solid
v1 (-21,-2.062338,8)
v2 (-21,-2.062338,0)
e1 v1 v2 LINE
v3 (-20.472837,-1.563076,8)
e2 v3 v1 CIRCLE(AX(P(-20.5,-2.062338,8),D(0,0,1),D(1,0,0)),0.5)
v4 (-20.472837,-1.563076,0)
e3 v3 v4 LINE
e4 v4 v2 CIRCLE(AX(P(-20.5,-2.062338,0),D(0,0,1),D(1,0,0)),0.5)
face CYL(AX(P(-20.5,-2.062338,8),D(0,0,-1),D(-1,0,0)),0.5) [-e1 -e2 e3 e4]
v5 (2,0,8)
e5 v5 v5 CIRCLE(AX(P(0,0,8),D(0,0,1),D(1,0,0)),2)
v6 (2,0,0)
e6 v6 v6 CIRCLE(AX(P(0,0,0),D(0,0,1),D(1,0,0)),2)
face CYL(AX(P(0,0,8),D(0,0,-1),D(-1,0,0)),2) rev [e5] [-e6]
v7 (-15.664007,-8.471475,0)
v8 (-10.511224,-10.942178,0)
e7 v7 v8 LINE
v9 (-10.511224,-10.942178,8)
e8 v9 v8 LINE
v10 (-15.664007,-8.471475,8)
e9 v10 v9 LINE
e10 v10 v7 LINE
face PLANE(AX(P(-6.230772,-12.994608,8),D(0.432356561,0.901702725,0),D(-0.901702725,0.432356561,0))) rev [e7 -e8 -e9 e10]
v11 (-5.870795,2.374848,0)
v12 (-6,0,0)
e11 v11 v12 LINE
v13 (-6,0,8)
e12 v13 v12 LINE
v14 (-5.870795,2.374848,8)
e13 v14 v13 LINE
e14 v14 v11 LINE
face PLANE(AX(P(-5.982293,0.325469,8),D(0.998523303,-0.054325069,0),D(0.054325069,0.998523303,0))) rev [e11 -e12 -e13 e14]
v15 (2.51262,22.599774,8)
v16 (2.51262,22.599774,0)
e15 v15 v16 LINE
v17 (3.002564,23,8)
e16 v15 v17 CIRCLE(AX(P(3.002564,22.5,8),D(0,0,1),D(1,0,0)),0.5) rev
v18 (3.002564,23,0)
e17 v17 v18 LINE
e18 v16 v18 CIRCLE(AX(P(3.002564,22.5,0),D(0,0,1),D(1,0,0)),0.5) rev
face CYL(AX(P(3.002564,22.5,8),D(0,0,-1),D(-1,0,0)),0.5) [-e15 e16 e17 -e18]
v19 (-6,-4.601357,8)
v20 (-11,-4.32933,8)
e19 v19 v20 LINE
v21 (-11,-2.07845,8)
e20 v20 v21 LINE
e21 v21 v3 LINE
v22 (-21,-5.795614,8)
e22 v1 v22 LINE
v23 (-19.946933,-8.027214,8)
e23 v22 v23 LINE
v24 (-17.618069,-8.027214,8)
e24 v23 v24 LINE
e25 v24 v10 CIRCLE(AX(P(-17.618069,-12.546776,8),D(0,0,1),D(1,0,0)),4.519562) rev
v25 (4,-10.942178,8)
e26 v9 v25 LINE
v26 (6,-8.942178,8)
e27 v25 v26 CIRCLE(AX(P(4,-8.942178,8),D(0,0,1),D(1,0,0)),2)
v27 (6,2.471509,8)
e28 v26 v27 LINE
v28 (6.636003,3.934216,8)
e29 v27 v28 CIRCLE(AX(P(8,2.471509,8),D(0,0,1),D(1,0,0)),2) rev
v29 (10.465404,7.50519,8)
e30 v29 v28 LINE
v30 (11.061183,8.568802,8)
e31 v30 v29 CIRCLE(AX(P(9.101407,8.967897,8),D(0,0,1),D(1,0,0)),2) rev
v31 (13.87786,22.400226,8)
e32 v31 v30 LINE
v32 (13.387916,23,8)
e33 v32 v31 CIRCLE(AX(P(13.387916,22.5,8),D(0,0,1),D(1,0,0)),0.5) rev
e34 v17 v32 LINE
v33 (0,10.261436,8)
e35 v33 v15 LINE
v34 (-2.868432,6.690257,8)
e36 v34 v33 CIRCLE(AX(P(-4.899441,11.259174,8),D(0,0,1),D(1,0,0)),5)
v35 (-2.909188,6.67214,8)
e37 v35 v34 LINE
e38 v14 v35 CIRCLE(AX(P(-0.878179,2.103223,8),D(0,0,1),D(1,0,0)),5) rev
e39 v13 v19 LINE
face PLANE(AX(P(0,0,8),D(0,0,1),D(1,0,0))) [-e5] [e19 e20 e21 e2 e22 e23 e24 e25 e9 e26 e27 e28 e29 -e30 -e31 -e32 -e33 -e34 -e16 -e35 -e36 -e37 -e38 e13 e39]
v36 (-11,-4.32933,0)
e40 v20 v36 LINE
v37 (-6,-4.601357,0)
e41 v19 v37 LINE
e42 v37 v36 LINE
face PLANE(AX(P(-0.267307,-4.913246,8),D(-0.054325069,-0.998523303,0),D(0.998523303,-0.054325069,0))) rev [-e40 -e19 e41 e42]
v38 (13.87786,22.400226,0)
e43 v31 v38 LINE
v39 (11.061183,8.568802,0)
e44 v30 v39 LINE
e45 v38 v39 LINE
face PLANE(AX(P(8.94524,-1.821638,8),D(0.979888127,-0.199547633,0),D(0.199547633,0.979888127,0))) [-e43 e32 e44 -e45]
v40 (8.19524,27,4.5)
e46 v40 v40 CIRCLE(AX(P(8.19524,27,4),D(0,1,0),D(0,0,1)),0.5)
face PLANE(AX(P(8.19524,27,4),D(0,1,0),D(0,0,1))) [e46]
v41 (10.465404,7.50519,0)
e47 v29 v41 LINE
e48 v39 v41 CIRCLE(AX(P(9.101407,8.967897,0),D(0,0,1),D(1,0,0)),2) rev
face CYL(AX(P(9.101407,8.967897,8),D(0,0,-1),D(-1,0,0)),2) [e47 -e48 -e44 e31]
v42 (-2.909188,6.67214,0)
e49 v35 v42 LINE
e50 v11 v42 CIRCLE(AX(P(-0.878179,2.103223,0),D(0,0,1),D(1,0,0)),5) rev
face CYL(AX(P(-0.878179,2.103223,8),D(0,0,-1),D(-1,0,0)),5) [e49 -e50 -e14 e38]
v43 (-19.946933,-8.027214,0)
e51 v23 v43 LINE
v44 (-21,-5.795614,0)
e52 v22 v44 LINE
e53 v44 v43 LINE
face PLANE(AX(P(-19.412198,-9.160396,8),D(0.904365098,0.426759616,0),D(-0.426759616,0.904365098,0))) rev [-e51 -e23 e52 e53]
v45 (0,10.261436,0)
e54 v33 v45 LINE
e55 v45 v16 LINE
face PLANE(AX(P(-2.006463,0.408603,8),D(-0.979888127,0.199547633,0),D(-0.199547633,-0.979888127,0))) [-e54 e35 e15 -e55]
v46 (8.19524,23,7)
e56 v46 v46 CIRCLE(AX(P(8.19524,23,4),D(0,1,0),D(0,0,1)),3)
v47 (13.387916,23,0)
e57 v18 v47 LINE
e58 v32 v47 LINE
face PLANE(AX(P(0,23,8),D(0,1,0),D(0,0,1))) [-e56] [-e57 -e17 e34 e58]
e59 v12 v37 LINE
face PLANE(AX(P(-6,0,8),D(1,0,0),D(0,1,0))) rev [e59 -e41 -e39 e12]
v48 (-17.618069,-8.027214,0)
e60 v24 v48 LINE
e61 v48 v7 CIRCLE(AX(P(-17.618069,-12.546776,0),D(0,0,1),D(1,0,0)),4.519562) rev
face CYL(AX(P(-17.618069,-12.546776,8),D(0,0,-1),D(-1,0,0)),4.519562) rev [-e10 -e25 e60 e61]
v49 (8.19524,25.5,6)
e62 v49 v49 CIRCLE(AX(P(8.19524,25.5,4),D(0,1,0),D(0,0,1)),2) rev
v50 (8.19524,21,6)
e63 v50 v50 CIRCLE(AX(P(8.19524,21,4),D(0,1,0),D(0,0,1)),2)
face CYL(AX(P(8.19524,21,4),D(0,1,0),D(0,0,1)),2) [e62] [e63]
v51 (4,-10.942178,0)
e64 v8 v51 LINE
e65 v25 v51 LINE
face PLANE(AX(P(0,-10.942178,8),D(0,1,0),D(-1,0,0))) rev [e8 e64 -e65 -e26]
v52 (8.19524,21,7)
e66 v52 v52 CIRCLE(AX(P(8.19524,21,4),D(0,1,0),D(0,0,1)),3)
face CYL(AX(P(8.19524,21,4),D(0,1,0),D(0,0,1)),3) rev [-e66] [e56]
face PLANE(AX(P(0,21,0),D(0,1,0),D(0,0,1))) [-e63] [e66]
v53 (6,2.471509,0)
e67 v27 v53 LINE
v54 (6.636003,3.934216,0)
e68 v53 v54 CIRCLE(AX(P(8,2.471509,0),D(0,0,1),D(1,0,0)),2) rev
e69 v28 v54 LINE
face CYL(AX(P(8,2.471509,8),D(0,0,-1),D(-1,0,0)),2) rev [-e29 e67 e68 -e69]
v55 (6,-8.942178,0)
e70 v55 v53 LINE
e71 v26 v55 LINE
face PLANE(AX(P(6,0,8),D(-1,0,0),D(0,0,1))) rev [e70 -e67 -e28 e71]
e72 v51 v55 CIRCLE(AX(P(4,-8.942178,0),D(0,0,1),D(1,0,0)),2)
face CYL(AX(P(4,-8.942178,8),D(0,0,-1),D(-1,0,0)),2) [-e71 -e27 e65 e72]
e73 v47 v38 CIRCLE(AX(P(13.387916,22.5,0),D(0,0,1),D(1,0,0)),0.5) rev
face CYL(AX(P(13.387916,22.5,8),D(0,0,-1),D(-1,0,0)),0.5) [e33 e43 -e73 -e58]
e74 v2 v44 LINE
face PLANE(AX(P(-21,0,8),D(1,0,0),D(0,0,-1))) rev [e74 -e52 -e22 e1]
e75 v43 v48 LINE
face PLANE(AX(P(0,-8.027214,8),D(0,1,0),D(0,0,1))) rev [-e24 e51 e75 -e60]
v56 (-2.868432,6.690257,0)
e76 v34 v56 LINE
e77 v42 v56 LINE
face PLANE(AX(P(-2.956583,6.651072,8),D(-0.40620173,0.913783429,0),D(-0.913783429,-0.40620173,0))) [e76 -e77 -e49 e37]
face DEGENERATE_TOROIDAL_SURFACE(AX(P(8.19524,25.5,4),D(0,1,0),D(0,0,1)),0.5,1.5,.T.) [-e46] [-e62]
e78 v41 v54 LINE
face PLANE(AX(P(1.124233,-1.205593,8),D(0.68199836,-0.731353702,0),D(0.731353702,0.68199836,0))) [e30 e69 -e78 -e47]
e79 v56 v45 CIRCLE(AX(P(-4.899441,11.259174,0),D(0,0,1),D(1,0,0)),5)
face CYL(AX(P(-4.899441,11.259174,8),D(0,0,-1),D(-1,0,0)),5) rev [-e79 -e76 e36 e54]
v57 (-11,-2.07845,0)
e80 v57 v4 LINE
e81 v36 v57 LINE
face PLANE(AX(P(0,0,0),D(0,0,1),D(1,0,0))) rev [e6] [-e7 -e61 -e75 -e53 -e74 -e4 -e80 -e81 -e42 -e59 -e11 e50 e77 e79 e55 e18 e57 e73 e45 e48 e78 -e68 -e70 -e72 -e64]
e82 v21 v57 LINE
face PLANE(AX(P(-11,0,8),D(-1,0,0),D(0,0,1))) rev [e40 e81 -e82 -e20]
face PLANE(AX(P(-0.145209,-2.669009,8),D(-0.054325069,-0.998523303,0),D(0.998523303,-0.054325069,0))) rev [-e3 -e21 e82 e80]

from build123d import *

# Parameters (mm, degrees)
SKETCH_1_R          = 2
EXTRUDE_1_DEPTH     = 8
SKETCH_4_R          = 3
SKETCH_4_R_2        = 2
CUT_EXTRUDE_1_DEPTH = 2
EXTRUDE_START       = 4
SKETCH_4_3_R        = 2
EXTRUDE_2_DEPTH     = 4
FILLET_1_R          = 1.5


with BuildPart() as part:
    # 스케치1 → 보스-돌출1 (new body)
    with BuildSketch(Plane.XY):
        with BuildLine():
            Line((6, -8.942177653), (6, 0))
            Line((6, 0), (6, 2.471508524))
            ThreePointArc((6, 2.471508524), (6.165879851, 3.269006662), (6.63600328, 3.934215927))
            Line((6.63600328, 3.934215927), (10.465403959, 7.505189831))
            ThreePointArc((10.465403959, 7.505189831), (10.846309641, 7.990494755), (11.061183494, 8.568801969))
            Line((11.061183494, 8.568801969), (13.877860093, 22.400226184))
            ThreePointArc((13.877860093, 22.400226184), (13.775141356, 22.81631716), (13.387916029, 23))
            Line((13.387916029, 23), (3.002563604, 23))
            ThreePointArc((3.002563604, 23), (2.686246444, 22.887225327), (2.51261954, 22.599773816))
            Line((2.51261954, 22.599773816), (0, 10.261436228))
            ThreePointArc((0, 10.261436228), (-1.001221601, 8.128058241), (-2.868431988, 6.690257248))
            Line((-2.868431988, 6.690257248), (-2.909187531, 6.672140294))
            ThreePointArc((-2.909187531, 6.672140294), (-4.995156756, 4.940562252), (-5.870795397, 2.374848493))
            Line((-5.870795397, 2.374848493), (-5.964585443, 0.650938163))
            Line((-5.964585443, 0.650938163), (-6, 0))
            Line((-6, 0), (-6, -4.601356756))
            Line((-6, -4.601356756), (-11, -4.329329712))
            Line((-11, -4.329329712), (-11, -2.078450028))
            Line((-11, -2.078450028), (-20.472837466, -1.563076433))
            ThreePointArc((-20.472837466, -1.563076433), (-20.84381589, -1.699308287), (-21, -2.062338084))
            Line((-21, -2.062338084), (-21, -5.795614421))
            Line((-21, -5.795614421), (-19.946933303, -8.027214437))
            Line((-19.946933303, -8.027214437), (-17.618068878, -8.027214437))
            ThreePointArc((-17.618068878, -8.027214437), (-16.616104954, -8.139678872), (-15.664006617, -8.471475061))
            Line((-15.664006617, -8.471475061), (-10.511224254, -10.942177653))
            Line((-10.511224254, -10.942177653), (4, -10.942177653))
            ThreePointArc((4, -10.942177653), (5.414213562, -10.356391215), (6, -8.942177653))
        make_face()
        Circle(SKETCH_1_R, mode=Mode.SUBTRACT)
    extrude(amount=EXTRUDE_1_DEPTH)

    # 스케치4 → 컷-돌출1 (cut)
    with BuildSketch(Plane(origin=(0, 23, 0), x_dir=(1, 0, 0), z_dir=(0, 1, 0))):
        with Locations((8.195239817, -4)):
            Circle(SKETCH_4_R)
        with Locations((8.195239817, -4)):
            Circle(SKETCH_4_R_2, mode=Mode.SUBTRACT)
    extrude(amount=-CUT_EXTRUDE_1_DEPTH, mode=Mode.SUBTRACT)

    # 스케치4<3> → 보스-돌출2 (add)
    with BuildSketch(Plane(origin=(0, 23, 0), x_dir=(1, 0, 0), z_dir=(0, 1, 0)).offset(EXTRUDE_START)):
        with Locations((8.195239817, -4)):
            Circle(SKETCH_4_3_R)
    extrude(amount=-EXTRUDE_2_DEPTH)

    # 필렛1
    fillet_1_edges = [part.edges().sort_by_distance(p)[0] for p in [
        (6.195239817, 27, 4),
    ]]
    fillet(fillet_1_edges, radius=FILLET_1_R)


solid = part.part
